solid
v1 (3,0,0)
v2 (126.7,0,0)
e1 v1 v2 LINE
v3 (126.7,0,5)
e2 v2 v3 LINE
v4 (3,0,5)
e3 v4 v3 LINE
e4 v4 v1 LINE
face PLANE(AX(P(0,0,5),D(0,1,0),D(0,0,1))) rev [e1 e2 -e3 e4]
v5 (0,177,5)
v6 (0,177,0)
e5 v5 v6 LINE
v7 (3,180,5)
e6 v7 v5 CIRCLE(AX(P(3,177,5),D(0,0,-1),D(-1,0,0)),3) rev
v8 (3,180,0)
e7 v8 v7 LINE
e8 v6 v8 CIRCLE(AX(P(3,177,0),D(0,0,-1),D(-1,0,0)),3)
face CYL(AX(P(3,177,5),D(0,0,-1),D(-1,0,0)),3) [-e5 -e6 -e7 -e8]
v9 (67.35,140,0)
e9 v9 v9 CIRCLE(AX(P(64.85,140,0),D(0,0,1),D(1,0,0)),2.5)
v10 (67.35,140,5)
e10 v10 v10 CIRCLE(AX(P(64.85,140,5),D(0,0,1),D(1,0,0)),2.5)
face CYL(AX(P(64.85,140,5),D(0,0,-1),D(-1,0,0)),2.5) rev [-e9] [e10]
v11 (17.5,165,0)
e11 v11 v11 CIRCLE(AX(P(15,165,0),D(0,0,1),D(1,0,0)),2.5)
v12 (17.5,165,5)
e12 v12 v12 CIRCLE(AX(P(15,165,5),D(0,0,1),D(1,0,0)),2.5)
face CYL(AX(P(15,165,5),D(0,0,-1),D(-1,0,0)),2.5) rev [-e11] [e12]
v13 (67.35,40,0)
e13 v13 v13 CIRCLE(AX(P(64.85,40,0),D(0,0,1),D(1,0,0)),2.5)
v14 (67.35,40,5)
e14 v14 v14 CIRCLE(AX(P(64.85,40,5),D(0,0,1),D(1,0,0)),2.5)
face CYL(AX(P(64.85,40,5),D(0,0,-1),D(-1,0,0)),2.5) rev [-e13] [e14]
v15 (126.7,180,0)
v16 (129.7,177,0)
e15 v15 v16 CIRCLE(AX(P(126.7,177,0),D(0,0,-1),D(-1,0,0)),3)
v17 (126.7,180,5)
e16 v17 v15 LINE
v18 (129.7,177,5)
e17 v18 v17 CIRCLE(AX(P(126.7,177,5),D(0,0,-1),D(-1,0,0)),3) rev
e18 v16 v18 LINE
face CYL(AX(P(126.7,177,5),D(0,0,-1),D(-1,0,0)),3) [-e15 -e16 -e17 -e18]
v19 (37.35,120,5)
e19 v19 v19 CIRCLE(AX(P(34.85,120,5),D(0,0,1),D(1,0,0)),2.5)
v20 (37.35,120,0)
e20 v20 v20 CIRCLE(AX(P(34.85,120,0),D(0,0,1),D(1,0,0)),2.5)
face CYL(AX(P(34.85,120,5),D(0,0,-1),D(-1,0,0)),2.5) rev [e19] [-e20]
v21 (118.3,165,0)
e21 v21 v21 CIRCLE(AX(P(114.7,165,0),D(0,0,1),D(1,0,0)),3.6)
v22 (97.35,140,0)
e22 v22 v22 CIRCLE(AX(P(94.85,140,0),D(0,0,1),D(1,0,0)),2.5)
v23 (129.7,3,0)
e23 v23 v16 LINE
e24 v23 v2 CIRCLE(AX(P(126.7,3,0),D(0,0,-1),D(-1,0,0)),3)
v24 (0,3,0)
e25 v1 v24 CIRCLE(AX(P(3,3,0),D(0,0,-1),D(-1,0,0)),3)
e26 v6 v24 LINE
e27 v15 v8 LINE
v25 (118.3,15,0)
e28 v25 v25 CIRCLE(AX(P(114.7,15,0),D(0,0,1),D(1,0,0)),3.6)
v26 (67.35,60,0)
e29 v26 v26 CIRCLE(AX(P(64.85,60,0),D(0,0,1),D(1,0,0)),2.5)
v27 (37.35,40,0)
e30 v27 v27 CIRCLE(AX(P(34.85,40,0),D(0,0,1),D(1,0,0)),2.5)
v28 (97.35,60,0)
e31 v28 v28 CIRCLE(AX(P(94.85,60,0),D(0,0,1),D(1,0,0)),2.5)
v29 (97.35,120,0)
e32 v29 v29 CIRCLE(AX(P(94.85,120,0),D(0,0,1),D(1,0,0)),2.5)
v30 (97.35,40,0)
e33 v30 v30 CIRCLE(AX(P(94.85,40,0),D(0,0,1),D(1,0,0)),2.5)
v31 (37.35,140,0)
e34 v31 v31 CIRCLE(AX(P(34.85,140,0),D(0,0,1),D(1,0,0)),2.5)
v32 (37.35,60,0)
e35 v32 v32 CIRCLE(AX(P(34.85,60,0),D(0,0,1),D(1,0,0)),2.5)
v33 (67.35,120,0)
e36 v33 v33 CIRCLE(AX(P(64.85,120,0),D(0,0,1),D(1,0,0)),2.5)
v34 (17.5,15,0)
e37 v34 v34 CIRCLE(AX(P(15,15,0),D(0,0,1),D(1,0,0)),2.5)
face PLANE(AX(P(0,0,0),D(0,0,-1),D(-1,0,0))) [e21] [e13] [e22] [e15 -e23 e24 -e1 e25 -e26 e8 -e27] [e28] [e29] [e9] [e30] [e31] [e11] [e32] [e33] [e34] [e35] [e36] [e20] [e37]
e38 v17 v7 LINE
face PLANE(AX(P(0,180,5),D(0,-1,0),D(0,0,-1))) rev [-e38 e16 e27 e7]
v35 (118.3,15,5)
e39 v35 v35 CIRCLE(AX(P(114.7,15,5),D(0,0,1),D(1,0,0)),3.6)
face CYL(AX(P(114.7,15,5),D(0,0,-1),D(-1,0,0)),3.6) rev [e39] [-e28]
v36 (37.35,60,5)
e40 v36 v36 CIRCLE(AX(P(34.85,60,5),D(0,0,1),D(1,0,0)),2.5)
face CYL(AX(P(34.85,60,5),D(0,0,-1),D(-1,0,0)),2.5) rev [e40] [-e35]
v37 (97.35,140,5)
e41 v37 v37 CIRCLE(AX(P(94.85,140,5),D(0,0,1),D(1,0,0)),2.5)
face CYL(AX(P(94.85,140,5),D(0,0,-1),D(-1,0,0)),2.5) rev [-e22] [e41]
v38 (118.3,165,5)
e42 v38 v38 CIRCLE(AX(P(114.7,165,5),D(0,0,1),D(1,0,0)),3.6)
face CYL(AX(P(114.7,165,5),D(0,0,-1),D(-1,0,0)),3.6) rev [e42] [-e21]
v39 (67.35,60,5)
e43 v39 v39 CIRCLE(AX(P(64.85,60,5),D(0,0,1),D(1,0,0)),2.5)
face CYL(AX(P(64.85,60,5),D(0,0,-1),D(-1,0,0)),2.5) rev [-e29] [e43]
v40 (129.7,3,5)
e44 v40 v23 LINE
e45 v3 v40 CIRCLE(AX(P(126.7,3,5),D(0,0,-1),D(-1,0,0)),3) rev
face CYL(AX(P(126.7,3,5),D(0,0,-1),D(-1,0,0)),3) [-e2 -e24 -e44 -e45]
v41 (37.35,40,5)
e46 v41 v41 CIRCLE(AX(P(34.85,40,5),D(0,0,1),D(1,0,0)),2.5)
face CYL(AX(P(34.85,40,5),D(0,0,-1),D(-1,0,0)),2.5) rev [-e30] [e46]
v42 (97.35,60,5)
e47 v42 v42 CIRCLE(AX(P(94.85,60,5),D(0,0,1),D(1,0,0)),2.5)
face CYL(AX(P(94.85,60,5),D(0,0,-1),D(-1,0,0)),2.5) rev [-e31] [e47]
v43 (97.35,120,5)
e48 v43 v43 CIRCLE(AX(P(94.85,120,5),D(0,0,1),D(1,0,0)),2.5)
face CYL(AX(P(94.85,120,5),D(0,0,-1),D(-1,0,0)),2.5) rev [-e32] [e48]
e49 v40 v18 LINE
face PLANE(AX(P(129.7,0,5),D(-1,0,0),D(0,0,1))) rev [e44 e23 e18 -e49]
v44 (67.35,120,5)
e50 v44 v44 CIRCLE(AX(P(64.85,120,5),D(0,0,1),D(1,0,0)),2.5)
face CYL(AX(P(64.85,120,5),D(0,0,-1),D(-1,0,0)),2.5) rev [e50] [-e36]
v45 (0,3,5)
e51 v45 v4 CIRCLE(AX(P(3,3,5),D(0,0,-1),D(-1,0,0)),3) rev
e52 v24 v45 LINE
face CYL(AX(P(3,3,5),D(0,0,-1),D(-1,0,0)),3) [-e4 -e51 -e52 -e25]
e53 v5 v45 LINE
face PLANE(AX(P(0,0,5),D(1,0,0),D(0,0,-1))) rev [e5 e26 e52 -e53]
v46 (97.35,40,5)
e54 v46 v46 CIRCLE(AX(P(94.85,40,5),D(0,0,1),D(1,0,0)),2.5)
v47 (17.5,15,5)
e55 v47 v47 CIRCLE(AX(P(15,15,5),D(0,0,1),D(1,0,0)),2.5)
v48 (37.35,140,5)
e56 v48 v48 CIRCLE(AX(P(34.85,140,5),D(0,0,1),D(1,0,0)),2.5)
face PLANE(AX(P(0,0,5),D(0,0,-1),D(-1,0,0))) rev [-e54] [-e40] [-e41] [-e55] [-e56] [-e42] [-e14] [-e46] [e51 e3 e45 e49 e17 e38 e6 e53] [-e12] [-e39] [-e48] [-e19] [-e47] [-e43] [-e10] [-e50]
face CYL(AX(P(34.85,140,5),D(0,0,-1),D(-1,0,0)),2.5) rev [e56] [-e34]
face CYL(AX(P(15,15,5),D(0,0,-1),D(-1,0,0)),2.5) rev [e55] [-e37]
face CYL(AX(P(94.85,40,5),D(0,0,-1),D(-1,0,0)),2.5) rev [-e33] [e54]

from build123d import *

# Parameters (mm, degrees)
SKETCH1_W           = 129.7
SKETCH1_H           = 180
SKETCH1_R           = 2.5
SKETCH1_R_2         = 3.6
BOSS_EXTRUDE1_DEPTH = 5
FILLET1_R           = 3


with BuildPart() as part:
    # Sketch1 → Boss-Extrude1 (new body)
    with BuildSketch(Plane.XY):
        with Locations((64.85, 90)):
            Rectangle(SKETCH1_W, SKETCH1_H)
        with Locations((15, 15)):
            Circle(SKETCH1_R, mode=Mode.SUBTRACT)
        with Locations((15, 165)):
            Circle(SKETCH1_R, mode=Mode.SUBTRACT)
        with Locations((114.7, 165)):
            Circle(SKETCH1_R_2, mode=Mode.SUBTRACT)
        with Locations((114.7, 15)):
            Circle(SKETCH1_R_2, mode=Mode.SUBTRACT)
        with Locations((34.85, 140)):
            Circle(SKETCH1_R, mode=Mode.SUBTRACT)
        with Locations((64.85, 140)):
            Circle(SKETCH1_R, mode=Mode.SUBTRACT)
        with Locations((94.85, 140)):
            Circle(SKETCH1_R, mode=Mode.SUBTRACT)
        with Locations((34.85, 40)):
            Circle(SKETCH1_R, mode=Mode.SUBTRACT)
        with Locations((64.85, 40)):
            Circle(SKETCH1_R, mode=Mode.SUBTRACT)
        with Locations((94.85, 40)):
            Circle(SKETCH1_R, mode=Mode.SUBTRACT)
        with Locations((94.85, 120)):
            Circle(SKETCH1_R, mode=Mode.SUBTRACT)
        with Locations((64.85, 120)):
            Circle(SKETCH1_R, mode=Mode.SUBTRACT)
        with Locations((34.85, 120)):
            Circle(SKETCH1_R, mode=Mode.SUBTRACT)
        with Locations((34.85, 60)):
            Circle(SKETCH1_R, mode=Mode.SUBTRACT)
        with Locations((64.85, 60)):
            Circle(SKETCH1_R, mode=Mode.SUBTRACT)
        with Locations((94.85, 60)):
            Circle(SKETCH1_R, mode=Mode.SUBTRACT)
    extrude(amount=BOSS_EXTRUDE1_DEPTH)

    # Fillet1
    fillet1_edges = [part.edges().sort_by_distance(p)[0] for p in [
        (0, 180, 2.5),
        (129.7, 180, 2.5),
        (129.7, 0, 2.5),
        (0, 0, 2.5),
    ]]
    fillet(fillet1_edges, radius=FILLET1_R)


solid = part.part
